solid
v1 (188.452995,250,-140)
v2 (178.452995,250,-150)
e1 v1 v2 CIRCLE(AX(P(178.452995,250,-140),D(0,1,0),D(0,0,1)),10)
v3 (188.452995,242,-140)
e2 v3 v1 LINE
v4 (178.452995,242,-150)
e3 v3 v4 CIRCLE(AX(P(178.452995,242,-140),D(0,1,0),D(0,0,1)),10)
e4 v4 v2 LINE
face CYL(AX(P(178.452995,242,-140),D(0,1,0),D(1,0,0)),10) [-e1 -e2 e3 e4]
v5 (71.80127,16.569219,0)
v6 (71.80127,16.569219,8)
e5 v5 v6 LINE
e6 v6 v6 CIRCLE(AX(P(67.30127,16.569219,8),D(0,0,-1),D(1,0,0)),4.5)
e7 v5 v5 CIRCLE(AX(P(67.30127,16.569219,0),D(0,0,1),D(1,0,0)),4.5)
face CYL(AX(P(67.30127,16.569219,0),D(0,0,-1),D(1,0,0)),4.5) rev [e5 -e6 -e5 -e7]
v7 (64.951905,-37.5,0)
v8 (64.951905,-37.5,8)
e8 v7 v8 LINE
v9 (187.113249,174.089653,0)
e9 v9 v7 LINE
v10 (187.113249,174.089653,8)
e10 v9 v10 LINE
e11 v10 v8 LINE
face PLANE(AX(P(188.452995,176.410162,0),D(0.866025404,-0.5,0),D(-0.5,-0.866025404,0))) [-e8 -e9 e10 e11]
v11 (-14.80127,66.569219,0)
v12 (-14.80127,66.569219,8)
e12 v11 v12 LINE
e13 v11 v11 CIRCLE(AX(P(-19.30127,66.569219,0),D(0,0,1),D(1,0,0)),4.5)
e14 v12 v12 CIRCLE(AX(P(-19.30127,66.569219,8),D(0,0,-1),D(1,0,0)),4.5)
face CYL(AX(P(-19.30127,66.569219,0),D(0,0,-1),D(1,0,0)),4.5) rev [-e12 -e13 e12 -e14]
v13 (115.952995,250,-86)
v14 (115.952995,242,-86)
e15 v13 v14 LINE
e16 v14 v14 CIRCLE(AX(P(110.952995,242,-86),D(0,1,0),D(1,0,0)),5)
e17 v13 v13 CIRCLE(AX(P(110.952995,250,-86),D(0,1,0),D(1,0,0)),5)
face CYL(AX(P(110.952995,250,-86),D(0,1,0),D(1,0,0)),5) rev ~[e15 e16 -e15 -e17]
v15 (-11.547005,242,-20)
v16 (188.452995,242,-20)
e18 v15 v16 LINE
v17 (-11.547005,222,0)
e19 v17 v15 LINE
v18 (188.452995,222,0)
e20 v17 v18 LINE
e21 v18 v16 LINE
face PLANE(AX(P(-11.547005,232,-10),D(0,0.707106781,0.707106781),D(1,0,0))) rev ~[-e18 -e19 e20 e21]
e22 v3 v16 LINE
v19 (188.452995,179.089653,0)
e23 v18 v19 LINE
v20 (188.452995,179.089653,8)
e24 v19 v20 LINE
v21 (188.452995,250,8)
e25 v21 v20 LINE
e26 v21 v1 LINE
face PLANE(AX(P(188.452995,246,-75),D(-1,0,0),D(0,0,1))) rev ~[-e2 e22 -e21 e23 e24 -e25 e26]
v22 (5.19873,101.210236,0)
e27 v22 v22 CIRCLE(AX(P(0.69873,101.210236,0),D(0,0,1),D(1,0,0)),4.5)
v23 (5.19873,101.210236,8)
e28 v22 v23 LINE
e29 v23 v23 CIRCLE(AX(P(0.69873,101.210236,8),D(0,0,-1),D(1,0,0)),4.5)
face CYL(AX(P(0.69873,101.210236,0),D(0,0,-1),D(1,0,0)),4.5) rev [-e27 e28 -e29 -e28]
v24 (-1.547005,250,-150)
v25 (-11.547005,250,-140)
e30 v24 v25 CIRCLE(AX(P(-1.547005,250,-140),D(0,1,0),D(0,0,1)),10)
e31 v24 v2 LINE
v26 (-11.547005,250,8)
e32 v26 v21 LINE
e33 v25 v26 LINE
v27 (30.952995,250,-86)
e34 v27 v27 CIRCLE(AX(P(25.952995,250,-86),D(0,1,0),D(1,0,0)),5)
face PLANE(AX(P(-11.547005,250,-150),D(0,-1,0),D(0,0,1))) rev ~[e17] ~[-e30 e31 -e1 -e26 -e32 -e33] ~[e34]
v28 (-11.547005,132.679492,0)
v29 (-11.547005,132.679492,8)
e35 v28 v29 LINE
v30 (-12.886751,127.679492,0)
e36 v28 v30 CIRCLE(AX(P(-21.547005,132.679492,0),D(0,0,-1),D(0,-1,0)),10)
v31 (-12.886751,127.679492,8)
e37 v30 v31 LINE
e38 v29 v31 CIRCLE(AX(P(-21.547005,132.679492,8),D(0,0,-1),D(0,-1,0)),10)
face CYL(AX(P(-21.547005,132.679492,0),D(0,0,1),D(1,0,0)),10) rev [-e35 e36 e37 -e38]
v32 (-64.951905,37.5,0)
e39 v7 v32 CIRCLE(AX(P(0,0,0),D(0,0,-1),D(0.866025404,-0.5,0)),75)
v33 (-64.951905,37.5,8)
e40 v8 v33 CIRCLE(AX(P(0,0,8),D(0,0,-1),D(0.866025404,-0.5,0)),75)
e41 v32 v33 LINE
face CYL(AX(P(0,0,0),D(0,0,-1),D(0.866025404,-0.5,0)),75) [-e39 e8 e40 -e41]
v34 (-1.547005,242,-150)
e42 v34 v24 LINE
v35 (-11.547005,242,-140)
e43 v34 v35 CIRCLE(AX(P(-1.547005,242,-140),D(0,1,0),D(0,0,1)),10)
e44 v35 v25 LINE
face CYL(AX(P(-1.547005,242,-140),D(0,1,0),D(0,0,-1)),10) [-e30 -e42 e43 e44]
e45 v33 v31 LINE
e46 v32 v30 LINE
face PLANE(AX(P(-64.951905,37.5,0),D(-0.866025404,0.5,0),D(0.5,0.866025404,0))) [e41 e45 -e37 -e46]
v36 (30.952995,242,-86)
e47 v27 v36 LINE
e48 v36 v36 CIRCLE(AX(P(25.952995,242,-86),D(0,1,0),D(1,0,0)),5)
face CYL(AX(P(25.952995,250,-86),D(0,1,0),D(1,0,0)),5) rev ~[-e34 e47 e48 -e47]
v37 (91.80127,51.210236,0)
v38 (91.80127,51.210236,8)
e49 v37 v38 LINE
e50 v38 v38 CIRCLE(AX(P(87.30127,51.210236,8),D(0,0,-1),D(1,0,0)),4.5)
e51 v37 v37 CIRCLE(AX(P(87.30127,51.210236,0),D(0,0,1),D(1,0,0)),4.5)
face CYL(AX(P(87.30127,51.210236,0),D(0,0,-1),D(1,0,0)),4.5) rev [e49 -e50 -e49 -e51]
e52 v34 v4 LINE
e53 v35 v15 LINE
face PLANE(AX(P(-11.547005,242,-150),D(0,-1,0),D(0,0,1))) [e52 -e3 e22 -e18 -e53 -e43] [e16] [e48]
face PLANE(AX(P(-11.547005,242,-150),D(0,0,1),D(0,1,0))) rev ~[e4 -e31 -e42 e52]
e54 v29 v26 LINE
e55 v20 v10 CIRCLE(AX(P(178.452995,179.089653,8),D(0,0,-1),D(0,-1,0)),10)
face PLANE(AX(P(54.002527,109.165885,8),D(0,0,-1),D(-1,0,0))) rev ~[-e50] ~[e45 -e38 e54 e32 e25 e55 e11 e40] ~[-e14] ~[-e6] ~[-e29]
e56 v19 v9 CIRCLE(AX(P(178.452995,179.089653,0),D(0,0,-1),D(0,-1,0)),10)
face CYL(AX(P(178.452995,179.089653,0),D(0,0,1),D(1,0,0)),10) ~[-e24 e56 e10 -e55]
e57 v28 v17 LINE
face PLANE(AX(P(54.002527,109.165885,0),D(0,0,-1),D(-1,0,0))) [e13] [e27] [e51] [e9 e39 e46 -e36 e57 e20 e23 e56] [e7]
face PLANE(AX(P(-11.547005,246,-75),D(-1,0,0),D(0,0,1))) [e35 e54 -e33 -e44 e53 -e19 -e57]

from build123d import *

# Parameters (mm, degrees)
BOSS_EXTRUDE1_DEPTH = 8
SKETCH4_W           = 150
SKETCH4_H           = 8
BOSS_EXTRUDE2_DEPTH = 200
CHAMFER1_SIZE       = 20
CUT_EXTRUDE1_REACH  = 327
SKETCH5_R           = 5
CUT_EXTRUDE3_REACH  = 10
SKETCH6_R           = 4.5
FILLET1_R           = 10


with BuildPart() as part:
    # Sketch1 → Boss-Extrude1 (new body)
    with BuildSketch(Plane.XY):
        with BuildLine():
            Line((-64.951905284, 37.5), (-11.547005384, 130))
            Line((-11.547005384, 130), (-11.547005384, 250))
            Line((-11.547005384, 250), (188.452994616, 250))
            Line((188.452994616, 250), (188.452994616, 176.410161514))
            Line((188.452994616, 176.410161514), (64.951905284, -37.5))
            ThreePointArc((64.951905284, -37.5), (-37.5, -64.951905284), (-64.951905284, 37.5))
        make_face()
    extrude(amount=BOSS_EXTRUDE1_DEPTH)

    # Sketch4 → Boss-Extrude2 (add)
    with BuildSketch(Plane.ZY.offset(11.547005384)):
        with Locations((-75, 246)):
            Rectangle(SKETCH4_W, SKETCH4_H)
    extrude(amount=-BOSS_EXTRUDE2_DEPTH)

    # Chamfer1
    chamfer1_edges = [part.edges().sort_by_distance(p)[0] for p in [
        (88.452994616, 242, 0),
    ]]
    chamfer(chamfer1_edges, length=CHAMFER1_SIZE)

    # Sketch5 → Cut-Extrude1 (cut, up to next)
    with BuildSketch(Plane(origin=(0, 250, 0), x_dir=(1, 0, 0), z_dir=(0, 1, 0)), mode=Mode.PRIVATE) as cut_extrude1_sk1:
        with Locations((110.952994616, 86)):
            Circle(SKETCH5_R)
    cut_extrude1_tool1 = extrude(cut_extrude1_sk1.sketch, amount=-CUT_EXTRUDE1_REACH, mode=Mode.PRIVATE) & part.part
    add(cut_extrude1_tool1.solids().sort_by_distance((110.952995, 250, -86))[0], mode=Mode.SUBTRACT)
    # Sketch5 → Cut-Extrude1 (cut, up to next)
    with BuildSketch(Plane(origin=(0, 250, 0), x_dir=(1, 0, 0), z_dir=(0, 1, 0)), mode=Mode.PRIVATE) as cut_extrude1_sk2:
        with Locations((25.952994616, 86)):
            Circle(SKETCH5_R)
    cut_extrude1_tool2 = extrude(cut_extrude1_sk2.sketch, amount=-CUT_EXTRUDE1_REACH, mode=Mode.PRIVATE) & part.part
    add(cut_extrude1_tool2.solids().sort_by_distance((25.952995, 250, -86))[0], mode=Mode.SUBTRACT)

    # Sketch6 → Cut-Extrude3 (cut, up to next)
    with BuildSketch(Plane.XY, mode=Mode.PRIVATE) as cut_extrude3_sk1:
        with Locations((87.301270189, 51.210235533)):
            Circle(SKETCH6_R)
    cut_extrude3_tool1 = extrude(cut_extrude3_sk1.sketch, amount=CUT_EXTRUDE3_REACH, mode=Mode.PRIVATE) & part.part
    add(cut_extrude3_tool1.solids().sort_by_distance((87.30127, 51.210236, 0))[0], mode=Mode.SUBTRACT)
    # Sketch6 → Cut-Extrude3 (cut, up to next)
    with BuildSketch(Plane.XY, mode=Mode.PRIVATE) as cut_extrude3_sk2:
        with Locations((67.301270189, 16.569219382)):
            Circle(SKETCH6_R)
    cut_extrude3_tool2 = extrude(cut_extrude3_sk2.sketch, amount=CUT_EXTRUDE3_REACH, mode=Mode.PRIVATE) & part.part
    add(cut_extrude3_tool2.solids().sort_by_distance((67.30127, 16.569219, 0))[0], mode=Mode.SUBTRACT)
    # Sketch6 → Cut-Extrude3 (cut, up to next)
    with BuildSketch(Plane.XY, mode=Mode.PRIVATE) as cut_extrude3_sk3:
        with Locations((-19.301270189, 66.569219382)):
            Circle(SKETCH6_R)
    cut_extrude3_tool3 = extrude(cut_extrude3_sk3.sketch, amount=CUT_EXTRUDE3_REACH, mode=Mode.PRIVATE) & part.part
    add(cut_extrude3_tool3.solids().sort_by_distance((-19.30127, 66.569219, 0))[0], mode=Mode.SUBTRACT)
    # Sketch6 → Cut-Extrude3 (cut, up to next)
    with BuildSketch(Plane.XY, mode=Mode.PRIVATE) as cut_extrude3_sk4:
        with Locations((0.698729811, 101.210235533)):
            Circle(SKETCH6_R)
    cut_extrude3_tool4 = extrude(cut_extrude3_sk4.sketch, amount=CUT_EXTRUDE3_REACH, mode=Mode.PRIVATE) & part.part
    add(cut_extrude3_tool4.solids().sort_by_distance((0.69873, 101.210236, 0))[0], mode=Mode.SUBTRACT)

    # Fillet1
    fillet1_edges = [part.edges().sort_by_distance(p)[0] for p in [
        (-11.547005384, 130, 4),
        (188.452994616, 176.410161514, 4),
        (-11.547005384, 246, -150),
        (188.452994616, 246, -150),
    ]]
    fillet(fillet1_edges, radius=FILLET1_R)


solid = part.part
